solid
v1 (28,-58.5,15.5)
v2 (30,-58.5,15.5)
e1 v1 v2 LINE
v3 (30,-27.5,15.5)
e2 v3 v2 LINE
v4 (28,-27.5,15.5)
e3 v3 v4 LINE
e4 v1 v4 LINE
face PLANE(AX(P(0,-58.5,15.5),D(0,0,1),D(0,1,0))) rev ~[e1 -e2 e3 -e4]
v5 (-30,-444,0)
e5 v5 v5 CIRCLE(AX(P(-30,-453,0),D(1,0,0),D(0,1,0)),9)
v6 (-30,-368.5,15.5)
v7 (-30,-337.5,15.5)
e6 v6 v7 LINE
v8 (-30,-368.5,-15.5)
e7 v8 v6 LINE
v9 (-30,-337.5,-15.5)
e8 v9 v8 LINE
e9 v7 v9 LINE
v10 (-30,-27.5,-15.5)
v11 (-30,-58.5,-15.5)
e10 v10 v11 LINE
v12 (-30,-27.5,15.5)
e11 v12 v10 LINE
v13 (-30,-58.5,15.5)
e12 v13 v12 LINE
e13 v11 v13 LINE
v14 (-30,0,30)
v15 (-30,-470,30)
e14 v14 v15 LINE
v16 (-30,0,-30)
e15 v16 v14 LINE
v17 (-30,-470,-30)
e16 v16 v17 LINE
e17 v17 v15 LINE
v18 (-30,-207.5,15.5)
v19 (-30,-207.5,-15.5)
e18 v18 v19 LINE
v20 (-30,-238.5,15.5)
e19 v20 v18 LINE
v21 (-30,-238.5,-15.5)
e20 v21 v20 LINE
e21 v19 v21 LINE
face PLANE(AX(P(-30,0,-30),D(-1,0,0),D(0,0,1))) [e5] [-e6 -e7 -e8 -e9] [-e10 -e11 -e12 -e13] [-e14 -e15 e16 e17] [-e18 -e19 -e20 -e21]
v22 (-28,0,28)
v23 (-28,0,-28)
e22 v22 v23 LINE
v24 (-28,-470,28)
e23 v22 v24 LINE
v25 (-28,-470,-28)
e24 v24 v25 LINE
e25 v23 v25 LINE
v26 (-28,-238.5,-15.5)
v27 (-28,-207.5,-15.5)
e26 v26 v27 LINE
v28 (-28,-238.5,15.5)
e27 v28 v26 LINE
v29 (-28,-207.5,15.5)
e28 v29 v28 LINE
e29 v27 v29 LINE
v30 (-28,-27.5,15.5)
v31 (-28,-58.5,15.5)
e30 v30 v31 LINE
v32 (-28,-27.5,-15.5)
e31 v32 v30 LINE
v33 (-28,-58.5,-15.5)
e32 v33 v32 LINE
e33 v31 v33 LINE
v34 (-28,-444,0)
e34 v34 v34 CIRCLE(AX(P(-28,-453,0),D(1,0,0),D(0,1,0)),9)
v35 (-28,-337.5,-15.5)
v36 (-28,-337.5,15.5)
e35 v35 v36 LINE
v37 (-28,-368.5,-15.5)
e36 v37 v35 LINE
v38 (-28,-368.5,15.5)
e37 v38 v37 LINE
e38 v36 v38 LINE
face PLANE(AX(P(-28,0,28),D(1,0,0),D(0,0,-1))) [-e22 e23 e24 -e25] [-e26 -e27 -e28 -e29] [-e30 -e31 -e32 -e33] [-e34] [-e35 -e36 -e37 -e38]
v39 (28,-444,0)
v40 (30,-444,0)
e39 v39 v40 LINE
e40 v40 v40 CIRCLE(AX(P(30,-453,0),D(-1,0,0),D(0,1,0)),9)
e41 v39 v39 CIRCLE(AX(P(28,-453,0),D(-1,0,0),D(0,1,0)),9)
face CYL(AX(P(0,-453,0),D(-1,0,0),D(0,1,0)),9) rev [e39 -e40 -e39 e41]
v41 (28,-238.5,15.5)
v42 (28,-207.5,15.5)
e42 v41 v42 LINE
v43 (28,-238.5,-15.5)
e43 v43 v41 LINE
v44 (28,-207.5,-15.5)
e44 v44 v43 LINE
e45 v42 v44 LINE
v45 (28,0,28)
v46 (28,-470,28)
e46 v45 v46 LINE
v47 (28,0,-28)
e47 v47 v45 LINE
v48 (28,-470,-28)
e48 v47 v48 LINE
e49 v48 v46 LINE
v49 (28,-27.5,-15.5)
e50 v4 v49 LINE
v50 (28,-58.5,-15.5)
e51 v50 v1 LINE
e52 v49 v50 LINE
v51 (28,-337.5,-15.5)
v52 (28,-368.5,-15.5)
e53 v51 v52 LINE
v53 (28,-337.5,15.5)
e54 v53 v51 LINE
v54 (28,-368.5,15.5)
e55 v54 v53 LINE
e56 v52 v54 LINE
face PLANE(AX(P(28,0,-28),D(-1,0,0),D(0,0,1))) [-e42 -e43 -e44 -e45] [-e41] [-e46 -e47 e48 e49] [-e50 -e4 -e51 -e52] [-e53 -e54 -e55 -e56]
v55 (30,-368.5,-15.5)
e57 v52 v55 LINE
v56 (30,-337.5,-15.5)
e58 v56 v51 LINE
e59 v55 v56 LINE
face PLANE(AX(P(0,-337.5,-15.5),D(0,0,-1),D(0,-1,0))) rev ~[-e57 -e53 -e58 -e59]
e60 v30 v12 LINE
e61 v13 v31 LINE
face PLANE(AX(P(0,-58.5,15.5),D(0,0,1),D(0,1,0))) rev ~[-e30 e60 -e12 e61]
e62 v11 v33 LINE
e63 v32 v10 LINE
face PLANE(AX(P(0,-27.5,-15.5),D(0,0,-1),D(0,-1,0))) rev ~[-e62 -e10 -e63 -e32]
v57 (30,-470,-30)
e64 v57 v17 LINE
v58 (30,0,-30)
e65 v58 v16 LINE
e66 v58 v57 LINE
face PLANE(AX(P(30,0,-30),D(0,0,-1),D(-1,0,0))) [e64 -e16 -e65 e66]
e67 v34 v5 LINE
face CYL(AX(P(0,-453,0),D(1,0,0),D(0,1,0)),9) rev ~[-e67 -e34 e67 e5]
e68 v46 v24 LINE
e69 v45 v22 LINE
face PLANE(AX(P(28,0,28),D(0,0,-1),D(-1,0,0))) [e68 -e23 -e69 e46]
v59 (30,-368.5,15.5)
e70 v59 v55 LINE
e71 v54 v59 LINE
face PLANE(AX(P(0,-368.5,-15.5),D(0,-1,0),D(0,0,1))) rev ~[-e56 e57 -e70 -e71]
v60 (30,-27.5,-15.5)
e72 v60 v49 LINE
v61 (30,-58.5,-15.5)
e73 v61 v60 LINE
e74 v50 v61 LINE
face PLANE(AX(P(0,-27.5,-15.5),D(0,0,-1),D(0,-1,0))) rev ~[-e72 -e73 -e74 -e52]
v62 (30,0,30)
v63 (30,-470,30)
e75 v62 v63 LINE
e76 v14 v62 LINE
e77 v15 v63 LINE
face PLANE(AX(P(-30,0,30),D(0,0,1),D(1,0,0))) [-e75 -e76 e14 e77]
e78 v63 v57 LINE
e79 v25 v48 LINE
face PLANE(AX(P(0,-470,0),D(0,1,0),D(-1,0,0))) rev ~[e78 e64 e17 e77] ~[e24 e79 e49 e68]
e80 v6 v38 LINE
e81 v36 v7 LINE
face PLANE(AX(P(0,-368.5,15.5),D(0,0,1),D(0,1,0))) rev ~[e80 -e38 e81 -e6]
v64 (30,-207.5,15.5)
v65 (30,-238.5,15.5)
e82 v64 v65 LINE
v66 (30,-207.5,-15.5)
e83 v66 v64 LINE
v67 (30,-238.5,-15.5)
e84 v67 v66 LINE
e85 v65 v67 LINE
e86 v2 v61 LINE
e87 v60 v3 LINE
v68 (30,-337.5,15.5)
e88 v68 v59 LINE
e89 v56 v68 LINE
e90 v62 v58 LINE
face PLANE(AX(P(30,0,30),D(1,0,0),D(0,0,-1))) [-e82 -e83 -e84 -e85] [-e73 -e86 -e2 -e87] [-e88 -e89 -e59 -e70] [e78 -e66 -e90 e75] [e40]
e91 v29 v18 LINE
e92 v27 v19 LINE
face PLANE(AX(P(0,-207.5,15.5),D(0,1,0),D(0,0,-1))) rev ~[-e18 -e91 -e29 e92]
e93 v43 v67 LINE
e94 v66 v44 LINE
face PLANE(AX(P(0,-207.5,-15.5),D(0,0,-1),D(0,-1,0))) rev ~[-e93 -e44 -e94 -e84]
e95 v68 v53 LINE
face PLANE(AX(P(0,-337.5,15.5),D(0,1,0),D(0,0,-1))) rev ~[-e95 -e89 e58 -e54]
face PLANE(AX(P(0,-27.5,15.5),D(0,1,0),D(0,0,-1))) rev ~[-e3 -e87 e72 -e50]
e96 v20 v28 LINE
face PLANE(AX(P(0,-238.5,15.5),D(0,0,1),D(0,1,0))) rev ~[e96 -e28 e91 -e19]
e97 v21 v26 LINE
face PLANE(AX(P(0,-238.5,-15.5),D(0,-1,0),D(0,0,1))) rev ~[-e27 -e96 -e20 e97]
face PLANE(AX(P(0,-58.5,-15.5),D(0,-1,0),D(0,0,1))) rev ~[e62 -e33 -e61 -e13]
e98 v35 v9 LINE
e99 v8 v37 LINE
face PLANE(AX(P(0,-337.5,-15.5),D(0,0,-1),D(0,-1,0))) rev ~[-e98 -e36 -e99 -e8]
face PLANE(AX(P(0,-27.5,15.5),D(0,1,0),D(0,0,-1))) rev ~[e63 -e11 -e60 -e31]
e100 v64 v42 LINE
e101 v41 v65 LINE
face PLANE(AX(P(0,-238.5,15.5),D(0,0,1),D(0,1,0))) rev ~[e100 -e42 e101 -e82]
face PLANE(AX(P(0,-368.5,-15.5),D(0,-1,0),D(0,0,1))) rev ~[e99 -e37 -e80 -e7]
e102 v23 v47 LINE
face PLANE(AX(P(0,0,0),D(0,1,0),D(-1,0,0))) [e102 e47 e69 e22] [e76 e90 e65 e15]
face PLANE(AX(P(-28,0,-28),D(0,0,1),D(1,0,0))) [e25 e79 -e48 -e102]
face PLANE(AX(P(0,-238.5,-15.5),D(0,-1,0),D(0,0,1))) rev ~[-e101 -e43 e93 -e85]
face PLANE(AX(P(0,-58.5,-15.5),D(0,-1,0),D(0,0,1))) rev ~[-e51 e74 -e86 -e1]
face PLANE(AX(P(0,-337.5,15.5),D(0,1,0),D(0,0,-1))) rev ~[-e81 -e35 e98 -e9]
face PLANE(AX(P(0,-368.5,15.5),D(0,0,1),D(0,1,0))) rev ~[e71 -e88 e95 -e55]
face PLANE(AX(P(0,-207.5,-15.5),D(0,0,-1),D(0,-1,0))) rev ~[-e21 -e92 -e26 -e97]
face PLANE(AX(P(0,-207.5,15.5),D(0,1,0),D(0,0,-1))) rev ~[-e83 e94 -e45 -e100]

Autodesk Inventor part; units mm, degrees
ref_plane "YZ Plane" through (0, 0, 0) normal (1, 0, 0) x (0, 1, 0)
ref_plane "XZ Plane" through (0, 0, 0) normal (0, 1, 0) x (-1, 0, 0)
ref_plane "XY Plane" through (0, 0, 0) normal (0, 0, 1) x (1, 0, 0)
sketch "Sketch9" plane through (0, 0, 0) normal (0, 1, 0) x (-1, 0, 0)
  line L0 (30, 30) -> (-30, 30)
  line L1 (-30, 30) -> (-30, -30)
  line L2 (-30, -30) -> (30, -30)
  line L3 (30, -30) -> (30, 30)
  line L4 (30, 30) -> (-30, -30) construction
  line L5 (-30, 30) -> (30, -30) construction
  line L6 (-28, 28) -> (28, 28)
  line L7 (28, 28) -> (28, -28)
  line L8 (28, -28) -> (-28, -28)
  line L9 (-28, -28) -> (-28, 28)
  point P0 (0, 0)
  dimension "d172" = 60
  dimension "d173" = 60
  dimension "d174" = 2
extrude "Extrusion3" add sketch "Sketch9" against normal blind 470
sketch "Sketch10" plane through (0, 0, 0) normal (1, 0, 0) x (0, 1, 0)
  line L0 (0, 30) -> (0, -30) construction
  line L1 (0, 30) -> (-470, 30) construction
  line L2 (-470, -30) -> (-470, 30) construction
  line L3 (0, -30) -> (-470, -30) construction
  line L4 (-58.5, 15.5) -> (-27.5, 15.5)
  line L5 (-27.5, 15.5) -> (-27.5, -15.5)
  line L6 (-27.5, -15.5) -> (-58.5, -15.5)
  line L7 (-58.5, -15.5) -> (-58.5, 15.5)
  line L8 (-58.5, 15.5) -> (-27.5, -15.5) construction
  line L9 (-27.5, 15.5) -> (-58.5, -15.5) construction
  line L10 (-238.5, 15.5) -> (-207.5, 15.5)
  line L11 (-207.5, 15.5) -> (-207.5, -15.5)
  line L12 (-207.5, -15.5) -> (-238.5, -15.5)
  line L13 (-238.5, -15.5) -> (-238.5, 15.5)
  line L14 (-238.5, 15.5) -> (-207.5, -15.5) construction
  line L15 (-207.5, 15.5) -> (-238.5, -15.5) construction
  line L16 (-368.5, 15.5) -> (-337.5, 15.5)
  line L17 (-337.5, 15.5) -> (-337.5, -15.5)
  line L18 (-337.5, -15.5) -> (-368.5, -15.5)
  line L19 (-368.5, -15.5) -> (-368.5, 15.5)
  line L20 (-368.5, 15.5) -> (-337.5, -15.5) construction
  line L21 (-337.5, 15.5) -> (-368.5, -15.5) construction
  circle A0 centre (-453, 0) radius 9
  line L22 (0, 0) -> (47, 0)
  point P0 (-43, 0)
  point P1 (-223, 0)
  point P2 (-353, 0)
  dimension "d177" = 31
  dimension "d178" = 31
  dimension "d181" = 47
  dimension "d182" = 90
  dimension "d183" = 270
  dimension "d184" = 400
  dimension "d185" = 500
  dimension "d186" = 18
extrude "Extrusion4" cut sketch "Sketch10" along normal through all both and the other way through all
sketch "Sketch11" plane through (30, 0, 30) normal (1, 0, 0) x (0, 0, -1)
  line L0 (45.5, -238.5) -> (14.5, -238.5) projected
  line L1 (14.5, -238.5) -> (14.5, -207.5) projected
  line L2 (14.5, -207.5) -> (45.5, -207.5) projected
  line L3 (45.5, -207.5) -> (45.5, -238.5) projected
  circle A0 centre (30, -453) radius 9 projected
  line L4 (45.5, -58.5) -> (14.5, -58.5) projected
  line L5 (14.5, -58.5) -> (14.5, -27.5) projected
  line L6 (14.5, -27.5) -> (45.5, -27.5) projected
  line L7 (45.5, -27.5) -> (45.5, -58.5) projected
  line L8 (45.5, -368.5) -> (14.5, -368.5) projected
  line L9 (14.5, -368.5) -> (14.5, -337.5) projected
  line L10 (14.5, -337.5) -> (45.5, -337.5) projected
  line L11 (45.5, -337.5) -> (45.5, -368.5) projected
  line L12 (0, 0) -> (60, 0) projected
  line L13 (0, 0) -> (0, -470) projected
  line L14 (60, -470) -> (0, -470) projected
  line L15 (60, 0) -> (60, -470) projected
  line L16 (45.5, -27.5) -> (14.5, -58.5)
  line L17 (45.5, -207.5) -> (14.5, -238.5)
  line L18 (45.5, -337.5) -> (14.5, -368.5)
  point P0 (30, 0)
sketch "Sketch13" plane through (-30, 0, -30) normal (-1, 0, 0) x (0, 0, 1)
  line L0 (45.5, -238.5) -> (14.5, -238.5) projected
  line L1 (14.5, -238.5) -> (14.5, -207.5) projected
  line L2 (14.5, -207.5) -> (45.5, -207.5) projected
  line L3 (45.5, -207.5) -> (45.5, -238.5) projected
  circle A0 centre (30, -453) radius 9 projected
  line L4 (45.5, -58.5) -> (14.5, -58.5) projected
  line L5 (14.5, -58.5) -> (14.5, -27.5) projected
  line L6 (14.5, -27.5) -> (45.5, -27.5) projected
  line L7 (45.5, -27.5) -> (45.5, -58.5) projected
  line L8 (45.5, -368.5) -> (14.5, -368.5) projected
  line L9 (14.5, -368.5) -> (14.5, -337.5) projected
  line L10 (14.5, -337.5) -> (45.5, -337.5) projected
  line L11 (45.5, -337.5) -> (45.5, -368.5) projected
  line L12 (0, 0) -> (60, 0) projected
  line L13 (0, 0) -> (0, -470) projected
  line L14 (60, -470) -> (0, -470) projected
  line L15 (60, 0) -> (60, -470) projected
  line L16 (14.5, -58.5) -> (45.5, -27.5)
  line L17 (14.5, -238.5) -> (45.5, -207.5)
  line L18 (14.5, -368.5) -> (45.5, -337.5)
  point P0 (30, 0)
properties part number "PNS 753 FDS 1200 colector tube" material "Stainless Steel"
